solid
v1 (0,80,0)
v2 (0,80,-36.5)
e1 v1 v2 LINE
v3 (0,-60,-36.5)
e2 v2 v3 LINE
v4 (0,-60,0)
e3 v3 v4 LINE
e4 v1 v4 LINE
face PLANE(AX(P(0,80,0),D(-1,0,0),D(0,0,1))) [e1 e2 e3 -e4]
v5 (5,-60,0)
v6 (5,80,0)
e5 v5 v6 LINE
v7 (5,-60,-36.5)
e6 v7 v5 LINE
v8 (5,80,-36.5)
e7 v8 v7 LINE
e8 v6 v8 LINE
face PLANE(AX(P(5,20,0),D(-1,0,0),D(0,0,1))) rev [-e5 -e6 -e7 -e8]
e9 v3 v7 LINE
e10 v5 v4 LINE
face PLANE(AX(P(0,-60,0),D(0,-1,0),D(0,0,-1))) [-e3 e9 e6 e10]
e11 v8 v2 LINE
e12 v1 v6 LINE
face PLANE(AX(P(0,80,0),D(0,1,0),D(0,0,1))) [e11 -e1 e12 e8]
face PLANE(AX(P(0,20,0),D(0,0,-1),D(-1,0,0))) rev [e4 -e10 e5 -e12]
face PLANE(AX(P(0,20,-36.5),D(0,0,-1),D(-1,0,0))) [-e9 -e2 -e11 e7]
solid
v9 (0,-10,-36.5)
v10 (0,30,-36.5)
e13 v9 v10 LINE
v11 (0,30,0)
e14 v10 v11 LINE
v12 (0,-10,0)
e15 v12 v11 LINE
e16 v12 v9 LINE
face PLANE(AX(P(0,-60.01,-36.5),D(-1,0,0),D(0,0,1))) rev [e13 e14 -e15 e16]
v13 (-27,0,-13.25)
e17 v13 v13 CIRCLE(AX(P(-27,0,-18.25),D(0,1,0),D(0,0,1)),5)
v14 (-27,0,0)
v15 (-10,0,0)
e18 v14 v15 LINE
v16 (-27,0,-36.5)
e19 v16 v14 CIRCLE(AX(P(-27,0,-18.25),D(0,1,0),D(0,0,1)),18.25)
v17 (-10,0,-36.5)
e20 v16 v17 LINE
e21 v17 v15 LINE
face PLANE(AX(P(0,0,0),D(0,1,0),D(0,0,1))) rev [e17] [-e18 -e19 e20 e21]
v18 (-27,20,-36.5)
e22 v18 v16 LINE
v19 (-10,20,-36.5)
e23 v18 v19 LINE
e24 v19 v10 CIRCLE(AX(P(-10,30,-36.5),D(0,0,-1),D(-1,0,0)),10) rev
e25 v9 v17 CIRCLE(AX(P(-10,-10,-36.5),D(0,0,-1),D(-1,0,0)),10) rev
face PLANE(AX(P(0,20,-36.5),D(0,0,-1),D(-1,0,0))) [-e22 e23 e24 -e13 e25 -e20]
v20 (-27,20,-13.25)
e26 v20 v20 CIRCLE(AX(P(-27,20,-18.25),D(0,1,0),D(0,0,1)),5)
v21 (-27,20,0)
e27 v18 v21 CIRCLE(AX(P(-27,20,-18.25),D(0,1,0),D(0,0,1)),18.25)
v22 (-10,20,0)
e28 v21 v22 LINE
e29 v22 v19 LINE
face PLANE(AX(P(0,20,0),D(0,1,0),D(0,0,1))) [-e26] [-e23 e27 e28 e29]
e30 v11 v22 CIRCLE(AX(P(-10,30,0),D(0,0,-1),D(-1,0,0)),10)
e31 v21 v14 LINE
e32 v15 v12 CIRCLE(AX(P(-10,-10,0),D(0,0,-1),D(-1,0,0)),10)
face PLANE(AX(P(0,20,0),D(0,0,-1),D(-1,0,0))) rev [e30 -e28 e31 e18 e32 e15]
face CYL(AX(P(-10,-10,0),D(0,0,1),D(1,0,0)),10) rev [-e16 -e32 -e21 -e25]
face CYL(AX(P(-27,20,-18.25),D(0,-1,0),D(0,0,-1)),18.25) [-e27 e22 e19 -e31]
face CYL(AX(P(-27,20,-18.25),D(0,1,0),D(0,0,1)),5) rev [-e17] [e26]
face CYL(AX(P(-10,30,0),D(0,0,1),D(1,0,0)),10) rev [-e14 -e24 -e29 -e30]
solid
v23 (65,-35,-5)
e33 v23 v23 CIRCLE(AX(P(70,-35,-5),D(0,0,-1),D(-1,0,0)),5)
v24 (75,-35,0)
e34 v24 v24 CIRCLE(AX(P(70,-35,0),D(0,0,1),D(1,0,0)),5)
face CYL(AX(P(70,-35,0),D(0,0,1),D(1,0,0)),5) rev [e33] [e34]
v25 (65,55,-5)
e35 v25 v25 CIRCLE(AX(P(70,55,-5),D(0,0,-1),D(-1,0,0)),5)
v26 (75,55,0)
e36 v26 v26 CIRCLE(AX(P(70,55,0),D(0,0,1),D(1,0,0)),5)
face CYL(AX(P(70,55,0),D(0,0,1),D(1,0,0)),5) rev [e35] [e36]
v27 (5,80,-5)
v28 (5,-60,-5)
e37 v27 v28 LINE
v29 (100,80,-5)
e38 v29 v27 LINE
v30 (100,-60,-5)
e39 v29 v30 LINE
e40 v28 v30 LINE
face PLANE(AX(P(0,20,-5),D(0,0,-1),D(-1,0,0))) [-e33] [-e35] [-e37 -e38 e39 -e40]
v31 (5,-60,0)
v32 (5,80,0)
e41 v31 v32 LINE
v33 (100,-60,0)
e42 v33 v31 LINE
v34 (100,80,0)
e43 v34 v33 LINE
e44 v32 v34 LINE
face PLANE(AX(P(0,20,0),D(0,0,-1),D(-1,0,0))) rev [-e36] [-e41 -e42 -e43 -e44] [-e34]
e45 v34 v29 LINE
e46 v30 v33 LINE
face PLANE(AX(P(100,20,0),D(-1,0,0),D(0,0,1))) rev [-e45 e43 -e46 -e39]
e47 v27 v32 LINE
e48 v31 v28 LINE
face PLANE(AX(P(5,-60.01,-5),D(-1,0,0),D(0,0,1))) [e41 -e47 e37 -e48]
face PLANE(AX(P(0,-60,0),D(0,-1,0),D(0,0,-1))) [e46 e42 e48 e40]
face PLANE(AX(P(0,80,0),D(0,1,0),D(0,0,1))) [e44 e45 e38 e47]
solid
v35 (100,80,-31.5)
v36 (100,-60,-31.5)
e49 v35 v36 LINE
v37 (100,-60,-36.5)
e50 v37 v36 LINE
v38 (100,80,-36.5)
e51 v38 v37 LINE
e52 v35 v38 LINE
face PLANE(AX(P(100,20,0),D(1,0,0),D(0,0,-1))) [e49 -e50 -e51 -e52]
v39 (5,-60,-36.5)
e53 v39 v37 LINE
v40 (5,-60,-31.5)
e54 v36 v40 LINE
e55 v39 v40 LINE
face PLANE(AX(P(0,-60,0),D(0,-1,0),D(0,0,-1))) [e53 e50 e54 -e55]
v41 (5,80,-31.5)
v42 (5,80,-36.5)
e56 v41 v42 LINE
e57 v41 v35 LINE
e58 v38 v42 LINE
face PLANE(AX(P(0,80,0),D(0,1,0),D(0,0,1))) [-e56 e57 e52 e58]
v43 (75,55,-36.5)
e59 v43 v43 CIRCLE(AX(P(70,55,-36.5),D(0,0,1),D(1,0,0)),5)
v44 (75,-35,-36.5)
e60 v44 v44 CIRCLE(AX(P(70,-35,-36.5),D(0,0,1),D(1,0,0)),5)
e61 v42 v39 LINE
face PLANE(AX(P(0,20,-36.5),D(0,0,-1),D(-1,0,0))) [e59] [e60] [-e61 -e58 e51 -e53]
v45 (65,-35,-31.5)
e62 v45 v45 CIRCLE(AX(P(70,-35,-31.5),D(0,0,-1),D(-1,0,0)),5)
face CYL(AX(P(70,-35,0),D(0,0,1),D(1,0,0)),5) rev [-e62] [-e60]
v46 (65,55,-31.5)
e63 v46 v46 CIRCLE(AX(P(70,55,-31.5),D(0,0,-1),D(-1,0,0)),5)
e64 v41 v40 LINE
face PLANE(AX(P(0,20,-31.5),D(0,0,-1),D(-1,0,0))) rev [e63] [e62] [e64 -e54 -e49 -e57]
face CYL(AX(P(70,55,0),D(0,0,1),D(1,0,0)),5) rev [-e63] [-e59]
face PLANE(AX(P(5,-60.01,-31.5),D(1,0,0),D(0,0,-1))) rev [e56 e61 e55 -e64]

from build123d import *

# Parameters (mm, degrees)
BOSS_EXTRUDE1_DEPTH      = 20
BOSS_EXTRUDE2_DEPTH      = 60
BOSS_EXTRUDE3_DEPTH      = 60
M8_CLEARANCE_HOLE1_D     = 10
M8_CLEARANCE_HOLE2_D     = 10
FILLET2_R                = 10
SPLIT1_SURFACE_1_1_BACK  = 206.012
SPLIT1_SURFACE_1_1_DEPTH = 412.024
SPLIT1_SURFACE_1_2_BACK  = 206.012
SPLIT1_SURFACE_1_2_DEPTH = 412.024
SPLIT1_SURFACE_2_3_BACK  = 206.012
SPLIT1_SURFACE_2_3_DEPTH = 412.024
SPLIT1_SURFACE_2_4_BACK  = 206.012
SPLIT1_SURFACE_2_4_DEPTH = 412.024
SPLIT1_SURFACE_3_5_BACK  = 206.012
SPLIT1_SURFACE_3_5_DEPTH = 412.024
SPLIT1_SURFACE_3_6_BACK  = 206.012
SPLIT1_SURFACE_3_6_DEPTH = 412.024


with BuildPart() as part:
    # Sketch1 → Boss-Extrude1 (new body)
    with BuildSketch(Plane(origin=(0, 0, 0), x_dir=(1, 0, 0), z_dir=(0, 1, 0))):
        with BuildLine():
            Line((5, 5), (5, 31.5))
            Line((5, 31.5), (100, 31.5))
            Line((100, 31.5), (100, 36.5))
            Line((100, 36.5), (-27, 36.5))
            ThreePointArc((-27, 36.5), (-45.25, 18.25), (-27, 0))
            Line((-27, 0), (100, 0))
            Line((100, 0), (100, 5))
            Line((100, 5), (5, 5))
        make_face()
    extrude(amount=BOSS_EXTRUDE1_DEPTH)

    # Sketch2 → Boss-Extrude2 (add)
    with BuildSketch(Plane(origin=(0, 20, 0), x_dir=(1, 0, 0), z_dir=(0, 1, 0))):
        Polygon((0, 0), (100, 0), (100, 5), (5, 5), (5, 31.5), (100, 31.5), (100, 36.5), (0, 36.5), align=None)
    extrude(amount=BOSS_EXTRUDE2_DEPTH)

    # Sketch3 → Boss-Extrude3 (add)
    with BuildSketch(Plane.XZ):
        Polygon((0, -36.5), (100, -36.5), (100, -31.5), (5, -31.5), (5, -5), (100, -5), (100, 0), (0, 0), align=None)
    extrude(amount=BOSS_EXTRUDE3_DEPTH)

    # M8 Clearance Hole1 (through all)
    with Locations(Plane(origin=(0, 20, 0), x_dir=(1, 0, 0), z_dir=(0, 1, 0))):
        with Locations((-27, 18.25)):
            Hole(M8_CLEARANCE_HOLE1_D / 2)

    # M8 Clearance Hole2 (through all)
    with Locations(Plane.XY):
        with Locations((70, 55), (70, -35)):
            Hole(M8_CLEARANCE_HOLE2_D / 2)

    # Fillet2
    fillet2_edges = [part.edges().sort_by_distance(p)[0] for p in [
        (0, 20, -18.25),
        (0, 0, -18.25),
    ]]
    fillet(fillet2_edges, radius=FILLET2_R)


with BuildPart() as body_2:
    # Split1: the piece behind the surface
    add(part.part)
    # Split1 surface 1: a surface, the sketch's curves swept straight by 412.024 mm
    with BuildLine(Plane(origin=(0, 0, 0), x_dir=(1, 0, 0), z_dir=(0, 1, 0)).offset(-SPLIT1_SURFACE_1_1_BACK), mode=Mode.PRIVATE) as split1_surface_1_1_path:
        Line((0, 36.5), (0, 0))
    split1_surface_1_1 = Shell.extrude(split1_surface_1_1_path.wire(), (0 * SPLIT1_SURFACE_1_1_DEPTH, 1 * SPLIT1_SURFACE_1_1_DEPTH, 0 * SPLIT1_SURFACE_1_1_DEPTH))
    split(bisect_by=split1_surface_1_1, keep=Keep.BOTTOM)


with BuildPart() as part_1:
    add(part.part)

    # Split1: split by a surface, the side it looks to stays
    # Split1 surface 1: a surface, the sketch's curves swept straight by 412.024 mm
    with BuildLine(Plane(origin=(0, 0, 0), x_dir=(1, 0, 0), z_dir=(0, 1, 0)).offset(-SPLIT1_SURFACE_1_2_BACK), mode=Mode.PRIVATE) as split1_surface_1_2_path:
        Line((0, 36.5), (0, 0))
    split1_surface_1_2 = Shell.extrude(split1_surface_1_2_path.wire(), (0 * SPLIT1_SURFACE_1_2_DEPTH, 1 * SPLIT1_SURFACE_1_2_DEPTH, 0 * SPLIT1_SURFACE_1_2_DEPTH))
    split(bisect_by=split1_surface_1_2, keep=Keep.TOP)


with BuildPart() as body_3:
    # Split1 2: the piece behind the surface
    add(part_1.part)
    # Split1 surface 2: a surface, the sketch's curves swept straight by 412.024 mm
    with BuildLine(Plane(origin=(0, 0, 0), x_dir=(1, 0, 0), z_dir=(0, 1, 0)).offset(-SPLIT1_SURFACE_2_3_BACK), mode=Mode.PRIVATE) as split1_surface_2_3_path:
        Line((5, 5), (5, 0))
    split1_surface_2_3 = Shell.extrude(split1_surface_2_3_path.wire(), (0 * SPLIT1_SURFACE_2_3_DEPTH, 1 * SPLIT1_SURFACE_2_3_DEPTH, 0 * SPLIT1_SURFACE_2_3_DEPTH))
    split(bisect_by=split1_surface_2_3, keep=Keep.BOTTOM)


with BuildPart() as part_2:
    add(part_1.part)

    # Split1 2: split by a surface, the side it looks to stays
    # Split1 surface 2: a surface, the sketch's curves swept straight by 412.024 mm
    with BuildLine(Plane(origin=(0, 0, 0), x_dir=(1, 0, 0), z_dir=(0, 1, 0)).offset(-SPLIT1_SURFACE_2_4_BACK), mode=Mode.PRIVATE) as split1_surface_2_4_path:
        Line((5, 5), (5, 0))
    split1_surface_2_4 = Shell.extrude(split1_surface_2_4_path.wire(), (0 * SPLIT1_SURFACE_2_4_DEPTH, 1 * SPLIT1_SURFACE_2_4_DEPTH, 0 * SPLIT1_SURFACE_2_4_DEPTH))
    split(bisect_by=split1_surface_2_4, keep=Keep.TOP)


with BuildPart() as body_4_2:
    # Split1 3 body 3: the piece behind the surface
    add(body_3.part)
    # Split1 surface 3: a surface, the sketch's curves swept straight by 412.024 mm
    with BuildLine(Plane(origin=(0, 0, 0), x_dir=(1, 0, 0), z_dir=(0, 1, 0)).offset(-SPLIT1_SURFACE_3_5_BACK), mode=Mode.PRIVATE) as split1_surface_3_5_path:
        Line((5, 31.5), (5, 36.5))
    split1_surface_3_5 = Shell.extrude(split1_surface_3_5_path.wire(), (0 * SPLIT1_SURFACE_3_5_DEPTH, 1 * SPLIT1_SURFACE_3_5_DEPTH, 0 * SPLIT1_SURFACE_3_5_DEPTH))
    split(bisect_by=split1_surface_3_5, keep=Keep.BOTTOM)


with BuildPart() as body_3_1:
    add(body_3.part)

    # Split1 3 body 3: split by a surface, the side it looks to stays
    # Split1 surface 3: a surface, the sketch's curves swept straight by 412.024 mm
    with BuildLine(Plane(origin=(0, 0, 0), x_dir=(1, 0, 0), z_dir=(0, 1, 0)).offset(-SPLIT1_SURFACE_3_6_BACK), mode=Mode.PRIVATE) as split1_surface_3_6_path:
        Line((5, 31.5), (5, 36.5))
    split1_surface_3_6 = Shell.extrude(split1_surface_3_6_path.wire(), (0 * SPLIT1_SURFACE_3_6_DEPTH, 1 * SPLIT1_SURFACE_3_6_DEPTH, 0 * SPLIT1_SURFACE_3_6_DEPTH))
    split(bisect_by=split1_surface_3_6, keep=Keep.TOP)


solid = Compound([body_2.part, part_2.part, body_4_2.part, body_3_1.part])
